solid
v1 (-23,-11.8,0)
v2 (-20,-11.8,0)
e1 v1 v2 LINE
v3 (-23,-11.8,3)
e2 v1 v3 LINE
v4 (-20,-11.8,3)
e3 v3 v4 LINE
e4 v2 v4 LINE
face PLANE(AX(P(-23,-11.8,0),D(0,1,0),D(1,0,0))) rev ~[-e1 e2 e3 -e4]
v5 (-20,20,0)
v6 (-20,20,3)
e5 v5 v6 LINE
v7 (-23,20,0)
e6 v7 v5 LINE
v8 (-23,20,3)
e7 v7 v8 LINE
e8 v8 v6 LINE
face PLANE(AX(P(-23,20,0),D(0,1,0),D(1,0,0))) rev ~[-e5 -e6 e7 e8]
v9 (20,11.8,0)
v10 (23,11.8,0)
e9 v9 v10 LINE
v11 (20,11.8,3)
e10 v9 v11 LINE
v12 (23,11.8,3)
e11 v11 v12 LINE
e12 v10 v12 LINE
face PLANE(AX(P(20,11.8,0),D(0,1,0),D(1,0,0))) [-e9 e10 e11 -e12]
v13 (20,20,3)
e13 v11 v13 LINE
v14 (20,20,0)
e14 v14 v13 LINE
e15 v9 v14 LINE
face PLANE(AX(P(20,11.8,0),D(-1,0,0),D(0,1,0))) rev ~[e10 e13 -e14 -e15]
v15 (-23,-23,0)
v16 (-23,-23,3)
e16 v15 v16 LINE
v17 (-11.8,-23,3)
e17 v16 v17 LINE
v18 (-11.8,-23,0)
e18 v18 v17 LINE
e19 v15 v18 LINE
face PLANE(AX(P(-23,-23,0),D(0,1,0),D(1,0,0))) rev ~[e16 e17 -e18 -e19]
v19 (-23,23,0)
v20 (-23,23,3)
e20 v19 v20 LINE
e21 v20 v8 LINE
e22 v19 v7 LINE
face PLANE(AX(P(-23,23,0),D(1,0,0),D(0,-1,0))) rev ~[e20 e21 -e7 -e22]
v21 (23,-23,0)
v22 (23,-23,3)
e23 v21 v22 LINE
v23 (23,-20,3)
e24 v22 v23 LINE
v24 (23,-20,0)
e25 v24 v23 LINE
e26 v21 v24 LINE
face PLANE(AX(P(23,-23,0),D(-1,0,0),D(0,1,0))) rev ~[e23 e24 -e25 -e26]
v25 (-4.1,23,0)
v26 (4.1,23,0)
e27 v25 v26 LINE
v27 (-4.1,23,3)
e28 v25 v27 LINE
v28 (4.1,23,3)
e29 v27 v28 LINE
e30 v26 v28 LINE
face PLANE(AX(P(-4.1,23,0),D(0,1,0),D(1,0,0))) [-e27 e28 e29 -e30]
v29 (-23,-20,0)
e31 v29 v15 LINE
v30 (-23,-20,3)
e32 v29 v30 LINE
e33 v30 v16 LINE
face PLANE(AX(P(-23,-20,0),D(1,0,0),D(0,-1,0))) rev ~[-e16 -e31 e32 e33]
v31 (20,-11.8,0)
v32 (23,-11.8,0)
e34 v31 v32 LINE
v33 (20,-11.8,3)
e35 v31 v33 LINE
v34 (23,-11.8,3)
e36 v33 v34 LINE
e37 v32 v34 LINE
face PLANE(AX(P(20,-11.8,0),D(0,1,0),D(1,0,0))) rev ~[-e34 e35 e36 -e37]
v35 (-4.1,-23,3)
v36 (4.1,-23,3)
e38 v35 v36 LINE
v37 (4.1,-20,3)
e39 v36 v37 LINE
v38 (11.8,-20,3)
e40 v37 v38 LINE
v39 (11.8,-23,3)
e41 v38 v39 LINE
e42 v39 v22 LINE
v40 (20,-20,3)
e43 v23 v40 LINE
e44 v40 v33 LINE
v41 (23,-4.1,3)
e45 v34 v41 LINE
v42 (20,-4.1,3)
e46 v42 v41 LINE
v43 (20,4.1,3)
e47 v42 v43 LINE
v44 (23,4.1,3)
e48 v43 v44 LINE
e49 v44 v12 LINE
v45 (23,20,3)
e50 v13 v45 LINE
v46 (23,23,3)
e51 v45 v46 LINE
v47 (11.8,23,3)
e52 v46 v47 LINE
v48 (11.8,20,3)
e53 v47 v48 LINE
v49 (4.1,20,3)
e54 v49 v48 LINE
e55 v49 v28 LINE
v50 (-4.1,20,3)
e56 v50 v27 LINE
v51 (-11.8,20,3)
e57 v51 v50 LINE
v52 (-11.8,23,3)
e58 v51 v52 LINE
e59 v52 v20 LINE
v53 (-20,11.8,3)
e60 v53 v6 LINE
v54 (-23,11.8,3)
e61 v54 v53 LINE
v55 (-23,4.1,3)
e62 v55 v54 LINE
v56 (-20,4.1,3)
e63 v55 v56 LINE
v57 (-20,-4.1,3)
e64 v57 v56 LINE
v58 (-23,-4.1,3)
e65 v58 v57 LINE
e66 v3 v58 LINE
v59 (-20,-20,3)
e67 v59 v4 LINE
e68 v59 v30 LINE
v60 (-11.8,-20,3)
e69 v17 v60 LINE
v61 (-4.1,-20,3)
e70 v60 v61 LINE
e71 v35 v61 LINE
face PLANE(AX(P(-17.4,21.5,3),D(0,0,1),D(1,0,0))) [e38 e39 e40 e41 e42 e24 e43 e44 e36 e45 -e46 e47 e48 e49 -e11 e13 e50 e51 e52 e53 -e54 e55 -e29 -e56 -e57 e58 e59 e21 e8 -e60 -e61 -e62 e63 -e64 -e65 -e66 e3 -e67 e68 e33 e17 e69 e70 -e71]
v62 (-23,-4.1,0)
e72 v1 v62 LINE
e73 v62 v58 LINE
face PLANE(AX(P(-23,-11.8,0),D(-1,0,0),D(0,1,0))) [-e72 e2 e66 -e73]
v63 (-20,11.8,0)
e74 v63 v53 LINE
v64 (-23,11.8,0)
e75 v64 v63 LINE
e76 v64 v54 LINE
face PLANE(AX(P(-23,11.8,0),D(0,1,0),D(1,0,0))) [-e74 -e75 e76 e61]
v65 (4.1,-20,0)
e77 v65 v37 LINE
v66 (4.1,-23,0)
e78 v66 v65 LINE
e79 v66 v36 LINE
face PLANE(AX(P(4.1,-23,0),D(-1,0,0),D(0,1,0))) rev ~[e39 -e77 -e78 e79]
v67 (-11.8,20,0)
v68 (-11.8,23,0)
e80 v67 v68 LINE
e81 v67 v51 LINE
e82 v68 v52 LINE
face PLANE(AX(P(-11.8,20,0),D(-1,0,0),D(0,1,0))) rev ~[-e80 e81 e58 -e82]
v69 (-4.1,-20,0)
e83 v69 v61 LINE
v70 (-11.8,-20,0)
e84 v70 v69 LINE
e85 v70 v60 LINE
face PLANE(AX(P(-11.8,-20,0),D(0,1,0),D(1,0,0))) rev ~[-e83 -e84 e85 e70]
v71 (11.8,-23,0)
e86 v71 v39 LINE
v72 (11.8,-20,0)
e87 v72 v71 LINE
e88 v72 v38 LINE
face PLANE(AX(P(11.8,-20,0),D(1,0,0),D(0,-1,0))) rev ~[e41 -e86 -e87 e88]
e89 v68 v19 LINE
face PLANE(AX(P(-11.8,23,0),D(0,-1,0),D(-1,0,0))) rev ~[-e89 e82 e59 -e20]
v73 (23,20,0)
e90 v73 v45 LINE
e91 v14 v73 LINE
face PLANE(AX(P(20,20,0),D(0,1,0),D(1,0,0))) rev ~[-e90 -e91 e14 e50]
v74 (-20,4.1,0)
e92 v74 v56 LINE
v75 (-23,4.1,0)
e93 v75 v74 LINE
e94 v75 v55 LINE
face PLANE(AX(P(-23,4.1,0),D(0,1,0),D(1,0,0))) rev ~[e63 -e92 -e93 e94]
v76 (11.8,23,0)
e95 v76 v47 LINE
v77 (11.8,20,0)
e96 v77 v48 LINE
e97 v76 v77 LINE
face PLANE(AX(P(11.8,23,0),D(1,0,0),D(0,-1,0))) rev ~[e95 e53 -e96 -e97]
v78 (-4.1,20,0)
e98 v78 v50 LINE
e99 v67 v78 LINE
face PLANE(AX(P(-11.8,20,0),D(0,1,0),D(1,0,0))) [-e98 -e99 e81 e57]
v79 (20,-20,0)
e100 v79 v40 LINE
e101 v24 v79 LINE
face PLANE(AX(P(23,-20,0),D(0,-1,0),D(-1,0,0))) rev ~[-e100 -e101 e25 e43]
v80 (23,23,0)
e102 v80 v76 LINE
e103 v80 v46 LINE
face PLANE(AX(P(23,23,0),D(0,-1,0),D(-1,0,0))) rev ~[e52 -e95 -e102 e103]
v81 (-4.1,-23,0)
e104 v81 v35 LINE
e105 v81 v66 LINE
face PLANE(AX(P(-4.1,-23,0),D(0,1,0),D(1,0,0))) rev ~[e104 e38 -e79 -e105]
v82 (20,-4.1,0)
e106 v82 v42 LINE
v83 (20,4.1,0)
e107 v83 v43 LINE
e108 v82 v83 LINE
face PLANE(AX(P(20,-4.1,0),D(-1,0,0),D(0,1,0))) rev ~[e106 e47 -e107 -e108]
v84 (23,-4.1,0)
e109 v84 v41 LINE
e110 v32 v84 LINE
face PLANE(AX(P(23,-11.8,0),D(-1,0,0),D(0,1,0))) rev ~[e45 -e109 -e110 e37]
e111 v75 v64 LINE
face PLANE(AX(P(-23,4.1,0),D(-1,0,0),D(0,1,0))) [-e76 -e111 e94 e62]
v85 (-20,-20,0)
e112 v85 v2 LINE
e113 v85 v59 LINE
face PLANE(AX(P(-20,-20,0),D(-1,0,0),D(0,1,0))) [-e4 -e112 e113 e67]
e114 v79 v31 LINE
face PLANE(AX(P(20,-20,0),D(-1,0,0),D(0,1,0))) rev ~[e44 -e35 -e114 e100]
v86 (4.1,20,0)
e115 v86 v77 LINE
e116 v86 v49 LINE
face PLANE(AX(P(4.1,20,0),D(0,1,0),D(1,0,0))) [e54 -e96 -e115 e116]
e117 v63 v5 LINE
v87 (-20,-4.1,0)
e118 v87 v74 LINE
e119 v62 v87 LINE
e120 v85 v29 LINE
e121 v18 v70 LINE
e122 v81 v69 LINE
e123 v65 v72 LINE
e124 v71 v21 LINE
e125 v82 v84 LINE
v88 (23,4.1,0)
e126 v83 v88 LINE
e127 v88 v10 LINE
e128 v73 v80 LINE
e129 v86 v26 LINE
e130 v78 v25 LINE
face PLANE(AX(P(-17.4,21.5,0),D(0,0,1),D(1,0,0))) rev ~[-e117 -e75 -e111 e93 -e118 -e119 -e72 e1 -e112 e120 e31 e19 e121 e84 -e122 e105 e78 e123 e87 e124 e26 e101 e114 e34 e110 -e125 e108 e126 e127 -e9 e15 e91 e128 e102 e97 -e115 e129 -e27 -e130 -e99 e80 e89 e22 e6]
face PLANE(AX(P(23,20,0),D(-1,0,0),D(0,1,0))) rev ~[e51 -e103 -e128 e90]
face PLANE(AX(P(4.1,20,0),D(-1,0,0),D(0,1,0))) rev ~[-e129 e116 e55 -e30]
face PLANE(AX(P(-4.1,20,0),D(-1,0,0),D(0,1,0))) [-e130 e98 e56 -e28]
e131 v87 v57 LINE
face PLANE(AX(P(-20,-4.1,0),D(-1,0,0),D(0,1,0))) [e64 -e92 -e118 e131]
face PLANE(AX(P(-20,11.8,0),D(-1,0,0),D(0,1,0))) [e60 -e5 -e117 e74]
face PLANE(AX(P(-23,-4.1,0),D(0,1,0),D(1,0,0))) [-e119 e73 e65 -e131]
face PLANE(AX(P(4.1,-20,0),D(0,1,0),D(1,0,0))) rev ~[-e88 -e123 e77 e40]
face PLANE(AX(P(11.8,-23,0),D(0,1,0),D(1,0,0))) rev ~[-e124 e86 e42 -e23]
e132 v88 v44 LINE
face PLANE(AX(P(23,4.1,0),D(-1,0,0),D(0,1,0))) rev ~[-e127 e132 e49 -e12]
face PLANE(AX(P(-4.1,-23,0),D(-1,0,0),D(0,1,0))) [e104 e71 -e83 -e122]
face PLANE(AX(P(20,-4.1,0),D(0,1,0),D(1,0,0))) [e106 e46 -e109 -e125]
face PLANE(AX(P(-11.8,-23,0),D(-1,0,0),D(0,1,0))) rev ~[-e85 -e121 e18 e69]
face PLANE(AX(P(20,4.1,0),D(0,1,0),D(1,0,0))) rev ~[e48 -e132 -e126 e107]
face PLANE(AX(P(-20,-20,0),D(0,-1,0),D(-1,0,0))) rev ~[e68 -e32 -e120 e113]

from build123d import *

# Parameters (mm, degrees)
CROQUIS1_W              = 8.2
CROQUIS1_H              = 3
CROQUIS1_W_2            = 3
CROQUIS1_H_2            = 7.7
CROQUIS1_W_3            = 40
CROQUIS1_H_3            = 40
SALIENTE_EXTRUIR1_DEPTH = 3


with BuildPart() as part:
    # Croquis1 → Saliente-Extruir1 (new body)
    with BuildSketch(Plane.XY):
        Polygon((-20, 20), (-11.8, 20), (-11.8, 23), (-23, 23), (-23, 20), align=None)
        with Locations((0, 21.5)):
            Rectangle(CROQUIS1_W, CROQUIS1_H)
        Polygon((11.8, 20), (20, 20), (23, 20), (23, 23), (11.8, 23), align=None)
        with Locations((21.5, 7.95)):
            Rectangle(CROQUIS1_W_2, CROQUIS1_H_2)
        with Locations((21.5, -7.95)):
            Rectangle(CROQUIS1_W_2, CROQUIS1_H_2)
        Polygon((23, -20), (20, -20), (11.8, -20), (11.8, -23), (23, -23), align=None)
        with Locations((0, -21.5)):
            Rectangle(CROQUIS1_W, CROQUIS1_H)
        Polygon((-11.8, -23), (-11.8, -20), (-20, -20), (-23, -20), (-23, -23), align=None)
        with Locations((-21.5, 7.95)):
            Rectangle(CROQUIS1_W_2, CROQUIS1_H_2)
        Rectangle(CROQUIS1_W_3, CROQUIS1_H_3)
        with Locations((-21.5, -7.95)):
            Rectangle(CROQUIS1_W_2, CROQUIS1_H_2)
    extrude(amount=SALIENTE_EXTRUIR1_DEPTH)


solid = part.part
